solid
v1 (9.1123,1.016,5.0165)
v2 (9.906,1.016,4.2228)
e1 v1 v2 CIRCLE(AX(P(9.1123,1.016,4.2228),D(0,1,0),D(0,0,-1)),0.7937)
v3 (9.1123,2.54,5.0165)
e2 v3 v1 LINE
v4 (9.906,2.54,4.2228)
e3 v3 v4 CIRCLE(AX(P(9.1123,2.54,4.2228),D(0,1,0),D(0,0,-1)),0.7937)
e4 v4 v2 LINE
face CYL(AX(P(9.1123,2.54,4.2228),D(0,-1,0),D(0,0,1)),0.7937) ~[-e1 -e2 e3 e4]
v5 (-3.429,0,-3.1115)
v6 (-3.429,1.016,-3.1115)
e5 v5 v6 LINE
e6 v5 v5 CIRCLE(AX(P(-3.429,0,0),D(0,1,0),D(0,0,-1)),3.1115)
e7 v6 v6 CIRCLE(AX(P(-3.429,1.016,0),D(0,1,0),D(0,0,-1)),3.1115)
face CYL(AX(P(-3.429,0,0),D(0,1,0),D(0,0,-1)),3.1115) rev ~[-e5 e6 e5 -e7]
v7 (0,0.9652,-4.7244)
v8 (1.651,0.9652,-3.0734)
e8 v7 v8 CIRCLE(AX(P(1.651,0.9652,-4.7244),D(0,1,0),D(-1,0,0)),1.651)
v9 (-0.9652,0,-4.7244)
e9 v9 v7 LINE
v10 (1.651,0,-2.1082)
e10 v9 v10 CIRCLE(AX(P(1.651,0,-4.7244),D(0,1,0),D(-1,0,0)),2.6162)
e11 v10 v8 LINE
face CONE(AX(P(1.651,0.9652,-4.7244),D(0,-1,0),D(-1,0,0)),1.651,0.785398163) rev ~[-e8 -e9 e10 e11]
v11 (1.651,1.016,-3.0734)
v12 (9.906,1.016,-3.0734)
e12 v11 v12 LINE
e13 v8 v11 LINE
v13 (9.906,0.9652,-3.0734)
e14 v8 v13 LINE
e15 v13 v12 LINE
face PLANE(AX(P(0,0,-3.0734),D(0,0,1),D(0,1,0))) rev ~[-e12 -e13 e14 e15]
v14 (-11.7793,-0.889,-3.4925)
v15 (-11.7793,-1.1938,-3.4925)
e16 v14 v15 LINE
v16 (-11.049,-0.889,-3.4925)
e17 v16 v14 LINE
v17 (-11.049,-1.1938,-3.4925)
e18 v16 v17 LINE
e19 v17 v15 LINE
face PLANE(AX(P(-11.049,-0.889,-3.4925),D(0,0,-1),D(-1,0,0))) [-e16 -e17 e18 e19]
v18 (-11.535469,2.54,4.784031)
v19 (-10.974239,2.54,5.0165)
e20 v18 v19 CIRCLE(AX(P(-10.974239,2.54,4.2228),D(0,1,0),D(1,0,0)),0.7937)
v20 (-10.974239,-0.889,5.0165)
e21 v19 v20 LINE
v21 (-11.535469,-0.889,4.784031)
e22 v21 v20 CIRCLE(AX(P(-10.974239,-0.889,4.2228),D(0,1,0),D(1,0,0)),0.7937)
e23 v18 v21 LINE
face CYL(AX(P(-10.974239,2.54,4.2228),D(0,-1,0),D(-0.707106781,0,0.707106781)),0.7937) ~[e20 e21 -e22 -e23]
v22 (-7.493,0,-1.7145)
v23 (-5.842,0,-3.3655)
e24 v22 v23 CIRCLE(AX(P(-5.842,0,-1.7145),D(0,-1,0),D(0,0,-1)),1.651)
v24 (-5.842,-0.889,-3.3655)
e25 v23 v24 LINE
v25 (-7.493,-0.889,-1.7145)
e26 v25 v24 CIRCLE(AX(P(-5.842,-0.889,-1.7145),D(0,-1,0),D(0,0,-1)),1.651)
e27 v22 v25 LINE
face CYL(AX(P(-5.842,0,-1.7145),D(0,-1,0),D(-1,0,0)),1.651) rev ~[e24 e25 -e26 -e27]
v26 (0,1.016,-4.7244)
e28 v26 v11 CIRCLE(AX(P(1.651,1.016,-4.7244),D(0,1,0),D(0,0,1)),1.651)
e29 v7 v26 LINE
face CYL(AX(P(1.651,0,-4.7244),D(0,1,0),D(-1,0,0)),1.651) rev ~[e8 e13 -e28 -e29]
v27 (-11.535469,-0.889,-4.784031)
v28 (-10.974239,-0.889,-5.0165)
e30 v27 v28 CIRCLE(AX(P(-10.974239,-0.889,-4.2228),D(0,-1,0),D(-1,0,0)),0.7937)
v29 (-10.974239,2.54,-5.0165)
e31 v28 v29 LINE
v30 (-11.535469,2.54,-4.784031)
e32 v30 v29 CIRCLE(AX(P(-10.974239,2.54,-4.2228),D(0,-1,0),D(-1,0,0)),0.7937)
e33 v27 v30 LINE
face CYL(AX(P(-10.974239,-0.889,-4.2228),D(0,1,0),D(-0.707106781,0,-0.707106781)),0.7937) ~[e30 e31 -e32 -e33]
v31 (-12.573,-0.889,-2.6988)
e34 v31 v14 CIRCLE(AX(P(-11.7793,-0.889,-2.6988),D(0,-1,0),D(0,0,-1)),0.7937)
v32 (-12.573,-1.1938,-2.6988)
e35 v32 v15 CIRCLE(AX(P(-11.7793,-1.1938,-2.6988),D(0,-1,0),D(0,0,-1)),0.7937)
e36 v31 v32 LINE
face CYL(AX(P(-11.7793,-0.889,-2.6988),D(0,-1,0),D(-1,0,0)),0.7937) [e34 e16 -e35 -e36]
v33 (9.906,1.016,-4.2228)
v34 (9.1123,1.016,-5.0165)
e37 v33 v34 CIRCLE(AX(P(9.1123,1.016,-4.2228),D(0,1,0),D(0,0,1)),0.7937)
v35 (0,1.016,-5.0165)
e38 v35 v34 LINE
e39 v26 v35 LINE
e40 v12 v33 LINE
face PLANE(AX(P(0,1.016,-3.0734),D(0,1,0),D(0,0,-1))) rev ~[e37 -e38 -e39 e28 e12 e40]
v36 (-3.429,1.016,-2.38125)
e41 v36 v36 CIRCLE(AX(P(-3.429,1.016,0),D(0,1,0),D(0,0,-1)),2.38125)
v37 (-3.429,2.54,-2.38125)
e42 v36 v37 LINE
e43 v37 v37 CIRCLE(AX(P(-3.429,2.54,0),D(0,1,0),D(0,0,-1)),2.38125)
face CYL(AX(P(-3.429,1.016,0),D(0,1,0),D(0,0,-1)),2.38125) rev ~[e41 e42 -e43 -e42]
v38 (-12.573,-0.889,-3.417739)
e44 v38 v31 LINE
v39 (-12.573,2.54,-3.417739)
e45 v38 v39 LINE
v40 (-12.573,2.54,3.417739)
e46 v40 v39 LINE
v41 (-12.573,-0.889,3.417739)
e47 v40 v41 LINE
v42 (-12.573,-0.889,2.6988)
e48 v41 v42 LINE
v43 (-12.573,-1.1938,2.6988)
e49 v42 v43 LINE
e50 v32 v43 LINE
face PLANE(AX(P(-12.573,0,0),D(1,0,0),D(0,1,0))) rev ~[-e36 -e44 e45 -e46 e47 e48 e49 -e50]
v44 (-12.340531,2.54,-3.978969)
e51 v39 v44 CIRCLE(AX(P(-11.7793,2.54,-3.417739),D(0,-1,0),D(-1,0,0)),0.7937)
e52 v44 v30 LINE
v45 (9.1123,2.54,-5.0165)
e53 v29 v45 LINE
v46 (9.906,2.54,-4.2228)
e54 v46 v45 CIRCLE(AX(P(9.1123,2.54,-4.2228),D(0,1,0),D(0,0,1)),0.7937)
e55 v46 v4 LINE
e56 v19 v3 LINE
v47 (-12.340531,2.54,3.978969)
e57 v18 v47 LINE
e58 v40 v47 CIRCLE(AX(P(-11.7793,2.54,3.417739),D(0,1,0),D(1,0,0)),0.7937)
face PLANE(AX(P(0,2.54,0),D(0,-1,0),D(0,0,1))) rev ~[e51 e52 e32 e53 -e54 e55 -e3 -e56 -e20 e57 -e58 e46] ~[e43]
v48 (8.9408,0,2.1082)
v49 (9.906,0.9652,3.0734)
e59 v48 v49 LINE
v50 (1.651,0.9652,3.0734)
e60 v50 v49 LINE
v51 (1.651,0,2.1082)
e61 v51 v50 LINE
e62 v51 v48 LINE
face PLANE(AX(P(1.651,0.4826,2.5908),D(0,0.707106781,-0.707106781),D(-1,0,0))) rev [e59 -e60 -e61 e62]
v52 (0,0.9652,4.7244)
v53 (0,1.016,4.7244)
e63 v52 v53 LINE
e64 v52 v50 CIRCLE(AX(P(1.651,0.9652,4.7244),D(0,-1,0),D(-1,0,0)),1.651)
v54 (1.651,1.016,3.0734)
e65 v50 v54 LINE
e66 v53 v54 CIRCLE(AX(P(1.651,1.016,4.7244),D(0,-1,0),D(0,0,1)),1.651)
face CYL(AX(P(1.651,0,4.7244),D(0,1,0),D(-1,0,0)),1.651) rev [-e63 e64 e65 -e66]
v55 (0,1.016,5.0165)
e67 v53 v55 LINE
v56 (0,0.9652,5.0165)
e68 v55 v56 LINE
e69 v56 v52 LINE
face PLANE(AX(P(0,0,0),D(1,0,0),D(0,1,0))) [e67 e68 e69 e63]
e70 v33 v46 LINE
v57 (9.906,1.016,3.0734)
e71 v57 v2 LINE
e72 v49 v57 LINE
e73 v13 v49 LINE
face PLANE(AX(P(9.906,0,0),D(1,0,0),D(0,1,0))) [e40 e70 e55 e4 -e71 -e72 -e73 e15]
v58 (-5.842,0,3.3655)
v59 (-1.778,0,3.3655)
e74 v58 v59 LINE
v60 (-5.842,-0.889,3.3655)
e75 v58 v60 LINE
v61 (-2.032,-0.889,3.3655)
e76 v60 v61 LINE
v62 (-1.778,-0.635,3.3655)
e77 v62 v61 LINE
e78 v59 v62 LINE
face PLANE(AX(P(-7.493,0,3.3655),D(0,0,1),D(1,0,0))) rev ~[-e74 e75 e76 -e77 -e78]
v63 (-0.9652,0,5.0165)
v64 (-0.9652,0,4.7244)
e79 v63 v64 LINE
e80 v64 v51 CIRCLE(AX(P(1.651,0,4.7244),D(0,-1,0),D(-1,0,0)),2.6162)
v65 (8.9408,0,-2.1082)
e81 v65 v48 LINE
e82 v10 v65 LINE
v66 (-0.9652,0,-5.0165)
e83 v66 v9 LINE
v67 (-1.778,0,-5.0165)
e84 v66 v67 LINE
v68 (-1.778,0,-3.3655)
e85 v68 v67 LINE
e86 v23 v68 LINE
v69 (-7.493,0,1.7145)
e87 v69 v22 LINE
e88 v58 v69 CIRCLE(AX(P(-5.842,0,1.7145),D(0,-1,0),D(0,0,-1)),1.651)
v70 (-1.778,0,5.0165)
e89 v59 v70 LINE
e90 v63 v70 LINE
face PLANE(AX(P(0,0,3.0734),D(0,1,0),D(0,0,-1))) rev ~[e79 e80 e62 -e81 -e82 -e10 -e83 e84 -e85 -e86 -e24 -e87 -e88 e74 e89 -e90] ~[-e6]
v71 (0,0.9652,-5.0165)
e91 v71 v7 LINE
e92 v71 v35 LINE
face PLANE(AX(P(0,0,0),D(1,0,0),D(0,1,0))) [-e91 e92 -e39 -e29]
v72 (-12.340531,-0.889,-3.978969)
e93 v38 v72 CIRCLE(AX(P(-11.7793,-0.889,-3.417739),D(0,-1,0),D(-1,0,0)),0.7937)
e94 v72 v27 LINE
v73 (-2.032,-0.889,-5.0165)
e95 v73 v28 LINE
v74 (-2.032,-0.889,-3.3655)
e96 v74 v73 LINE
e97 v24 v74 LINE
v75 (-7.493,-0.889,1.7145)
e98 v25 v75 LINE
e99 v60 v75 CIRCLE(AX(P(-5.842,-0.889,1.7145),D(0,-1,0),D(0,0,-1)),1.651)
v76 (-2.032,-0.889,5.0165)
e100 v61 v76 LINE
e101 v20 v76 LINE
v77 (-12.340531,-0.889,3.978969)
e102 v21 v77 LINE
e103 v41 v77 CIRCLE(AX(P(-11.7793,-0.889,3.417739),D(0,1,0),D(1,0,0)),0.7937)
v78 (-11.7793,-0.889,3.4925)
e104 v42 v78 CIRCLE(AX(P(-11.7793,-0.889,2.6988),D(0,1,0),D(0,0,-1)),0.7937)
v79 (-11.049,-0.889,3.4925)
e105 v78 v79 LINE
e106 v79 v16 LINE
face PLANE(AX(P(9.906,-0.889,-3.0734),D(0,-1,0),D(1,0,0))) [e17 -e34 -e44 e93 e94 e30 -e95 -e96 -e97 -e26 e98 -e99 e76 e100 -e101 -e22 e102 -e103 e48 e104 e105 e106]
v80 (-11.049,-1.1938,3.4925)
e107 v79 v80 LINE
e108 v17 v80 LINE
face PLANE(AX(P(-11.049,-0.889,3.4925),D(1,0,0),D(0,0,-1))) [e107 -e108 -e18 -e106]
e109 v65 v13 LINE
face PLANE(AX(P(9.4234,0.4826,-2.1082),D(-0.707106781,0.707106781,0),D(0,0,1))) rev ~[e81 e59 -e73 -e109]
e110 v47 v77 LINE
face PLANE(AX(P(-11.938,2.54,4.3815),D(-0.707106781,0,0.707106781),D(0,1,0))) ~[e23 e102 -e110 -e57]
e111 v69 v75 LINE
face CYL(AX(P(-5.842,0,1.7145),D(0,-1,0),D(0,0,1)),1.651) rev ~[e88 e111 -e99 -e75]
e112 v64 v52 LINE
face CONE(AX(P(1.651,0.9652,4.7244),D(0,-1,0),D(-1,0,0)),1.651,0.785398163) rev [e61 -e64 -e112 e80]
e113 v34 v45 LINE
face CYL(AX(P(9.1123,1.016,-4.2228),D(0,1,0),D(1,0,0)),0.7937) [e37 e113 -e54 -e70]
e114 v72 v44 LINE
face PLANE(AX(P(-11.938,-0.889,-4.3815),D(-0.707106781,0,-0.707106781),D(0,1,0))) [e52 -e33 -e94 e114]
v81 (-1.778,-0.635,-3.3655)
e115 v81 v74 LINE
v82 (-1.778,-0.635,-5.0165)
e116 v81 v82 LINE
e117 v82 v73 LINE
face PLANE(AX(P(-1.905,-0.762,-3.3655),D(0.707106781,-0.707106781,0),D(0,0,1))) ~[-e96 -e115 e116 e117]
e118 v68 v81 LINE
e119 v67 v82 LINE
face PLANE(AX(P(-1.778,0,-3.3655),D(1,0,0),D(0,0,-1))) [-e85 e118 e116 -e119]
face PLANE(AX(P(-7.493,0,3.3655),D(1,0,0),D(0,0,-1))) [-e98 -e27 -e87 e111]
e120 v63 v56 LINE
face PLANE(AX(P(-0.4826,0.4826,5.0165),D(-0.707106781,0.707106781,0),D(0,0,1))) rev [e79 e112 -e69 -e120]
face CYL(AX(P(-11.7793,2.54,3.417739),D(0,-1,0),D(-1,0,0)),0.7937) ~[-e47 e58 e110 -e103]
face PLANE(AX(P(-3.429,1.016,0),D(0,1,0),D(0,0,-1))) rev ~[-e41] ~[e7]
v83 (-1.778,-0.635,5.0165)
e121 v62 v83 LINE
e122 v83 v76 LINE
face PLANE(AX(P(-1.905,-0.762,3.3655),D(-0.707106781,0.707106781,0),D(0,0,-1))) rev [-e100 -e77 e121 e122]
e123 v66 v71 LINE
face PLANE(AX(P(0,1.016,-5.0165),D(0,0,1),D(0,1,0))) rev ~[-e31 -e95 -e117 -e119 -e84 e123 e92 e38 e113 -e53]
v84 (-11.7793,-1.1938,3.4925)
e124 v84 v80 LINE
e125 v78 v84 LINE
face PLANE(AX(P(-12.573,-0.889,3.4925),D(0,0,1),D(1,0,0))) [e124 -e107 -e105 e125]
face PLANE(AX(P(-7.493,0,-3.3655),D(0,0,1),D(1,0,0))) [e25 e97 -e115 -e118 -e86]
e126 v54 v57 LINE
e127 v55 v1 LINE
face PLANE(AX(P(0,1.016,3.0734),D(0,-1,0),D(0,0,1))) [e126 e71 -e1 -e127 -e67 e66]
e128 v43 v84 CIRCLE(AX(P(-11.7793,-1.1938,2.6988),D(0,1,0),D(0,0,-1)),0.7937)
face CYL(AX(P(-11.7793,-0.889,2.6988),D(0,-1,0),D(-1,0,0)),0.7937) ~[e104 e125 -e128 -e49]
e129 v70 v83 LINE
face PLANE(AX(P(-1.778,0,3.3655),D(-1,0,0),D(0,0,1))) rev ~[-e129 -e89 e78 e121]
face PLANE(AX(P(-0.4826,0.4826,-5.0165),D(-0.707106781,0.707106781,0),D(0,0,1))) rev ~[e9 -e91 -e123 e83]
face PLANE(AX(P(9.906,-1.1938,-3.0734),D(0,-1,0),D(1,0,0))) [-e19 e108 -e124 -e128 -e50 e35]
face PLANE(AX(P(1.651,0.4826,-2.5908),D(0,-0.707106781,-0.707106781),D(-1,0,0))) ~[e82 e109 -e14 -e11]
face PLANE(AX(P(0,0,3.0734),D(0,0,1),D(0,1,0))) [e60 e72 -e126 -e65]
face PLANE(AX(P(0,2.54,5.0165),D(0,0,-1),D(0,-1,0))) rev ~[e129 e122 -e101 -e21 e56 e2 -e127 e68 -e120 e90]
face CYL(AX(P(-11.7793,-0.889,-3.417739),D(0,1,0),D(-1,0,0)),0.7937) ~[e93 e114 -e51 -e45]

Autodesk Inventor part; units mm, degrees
ref_plane "YZ Plane" through (0, 0, 0) normal (1, 0, 0) x (0, 1, 0)
ref_plane "XZ Plane" through (0, 0, 0) normal (0, 1, 0) x (-1, 0, 0)
ref_plane "XY Plane" through (0, 0, 0) normal (0, 0, 1) x (1, 0, 0)
sketch "Sketch1" plane through (0, 0, 0) normal (1, 0, 0) x (0, 1, 0)
  line L0 (-2.1432, 0) -> (4.5023, 0) projected
  line L1 (0, 7.0231) -> (0, -7.0231) projected
  line L2 (2.54, -5.0165) -> (2.54, 5.0165)
  line L3 (2.54, 5.0165) -> (0, 5.0165)
  line L4 (0, 5.0165) -> (0, -5.0165)
  line L5 (0, -5.0165) -> (2.54, -5.0165)
  line L6 (2.54, -5.0165) -> (0, 5.0165) construction
  line L7 (2.54, 5.0165) -> (0, -5.0165) construction
  line L8 (0, 3.0734) -> (1.016, 3.0734)
  line L9 (1.016, 3.0734) -> (1.016, 5.0165)
  line L10 (0, -3.0734) -> (1.016, -3.0734)
  line L11 (1.016, -3.0734) -> (1.016, -5.0165)
  line L12 (1.27, 0) -> (3.553, 0) construction
  point P0 (0, 0)
  dimension "d0" = 10.033
  dimension "d1" = 2.54
  dimension "d2" = 0
  dimension "d3" = 1.016
  dimension "d4" = 6.1468
  dimension "d5" = 1.9431
  dimension "d6" = 1.9431
extrude "Extrusion1" add sketch "Sketch1" along normal blind 9.906 contours L1 L8 L9 L3 L2 L0 | L0 L2 L5 L11 L10 L1
extrude "Extrusion2" add sketch "Sketch1" against normal blind 12.573
sketch "Sketch2" plane through (0, 0, 0) normal (0, 1, 0) x (-1, 0, 0)
  line L0 (-2.3558, 0) -> (14.1351, 0) projected
  line L1 (0, -4.445) -> (0, 4.445) projected
  point P0 (0, 0)
  point P1 (3.429, 0)
  dimension "d11" = 3.429
hole "Hole1" at (-3.429, 0, 0) direction (0, 1, 0) diameter 4.7625 end through all counterbore diameter 6.223 counterbore depth 1.016
sketch "Sketch3" plane through (9.906, 0, -3.0734) normal (0, -1, 0) x (1, 0, 0)
  line L0 (-22.479, 6.4389) -> (-17.399, 6.4389)
  line L1 (-17.399, 6.4389) -> (-17.399, -0.2921)
  line L2 (-17.399, -0.2921) -> (-22.479, -0.2921)
  line L3 (-22.479, -0.2921) -> (-22.479, 6.4389)
  line L4 (-34.3558, 3.0734) -> (5.726, 3.0734) projected
  line L5 (-9.906, 10.1016) -> (-9.906, -3.9802) projected
  line L6 (-9.906, 3.0734) -> (-28.6298, 3.0734) construction
  line L7 (-22.479, 8.0899) -> (0, 8.0899) projected
  line L8 (-22.479, 6.4389) -> (-11.684, 6.4389)
  line L9 (-11.684, 6.4389) -> (-11.684, 8.0899)
  line L10 (-11.684, 8.0899) -> (-22.479, 8.0899)
  line L11 (-22.479, 8.0899) -> (-22.479, 6.4389)
  line L12 (0, -1.9431) -> (-22.479, -1.9431) projected
  line L13 (-22.479, -0.2921) -> (-11.684, -0.2921)
  line L14 (-11.684, -0.2921) -> (-11.684, -1.9431)
  line L15 (-11.684, -1.9431) -> (-22.479, -1.9431)
  line L16 (-22.479, -1.9431) -> (-22.479, -0.2921)
  dimension "d22" = 5.08
  dimension "d30" = 6.731
  dimension "d45" = 10.795
  dimension "d46" = 10.795
extrude "Extrusion3" add sketch "Sketch3" along normal blind 0.889 contours L11 L7 L9 L8 L0 | L0 L1 L4 L3 | L4 L1 L2 L3 | L2 L13 L14 L12 L16
chamfer "Chamfer2" distance 0.254 angle 45 2 edges at (-1.778, -0.889, 4.191) (-1.778, -0.889, -4.191)
fillet "Fillet1" radius 0.7937 2 edges at (9.906, 1.778, 5.0165) (9.906, 1.778, -5.0165)
fillet "Fillet2" [suppressed]
sketch "Sketch4" plane through (0, 0, 0) normal (0, 1, 0) x (-1, 0, 0)
  circle A0 centre (3.429, 0) radius 2.3813 projected
  circle A1 centre (3.429, 0) radius 3.175
  point P0 (0, 0)
  dimension "d34" = 6.35
sketch "Sketch5" plane through (9.906, -0.889, -3.0734) normal (0, -1, 0) x (1, 0, 0)
  line L0 (-26.9748, 3.0734) -> (4.4958, 3.0734) projected
  line L1 (-9.906, 10.0965) -> (-9.906, -3.9497) projected
  line L2 (-22.479, 8.0899) -> (-22.479, -1.9431) projected
  line L3 (-20.955, -0.4191) -> (-22.479, -0.4191)
  line L4 (-22.479, -0.4191) -> (-22.479, 6.5659)
  line L5 (-22.479, 6.5659) -> (-20.955, 6.5659)
  line L6 (-20.955, 6.5659) -> (-20.955, -0.4191)
  line L7 (-20.955, -0.4191) -> (-22.479, 6.5659) construction
  line L8 (-22.479, -0.4191) -> (-20.955, 6.5659) construction
  point P0 (-9.906, 3.0734)
  point P1 (-21.717, 3.0734)
  dimension "d47" = 6.985
  dimension "d48" = 1.524
extrude "Extrusion4" add sketch "Sketch5" along normal blind 0.3048
chamfer "Chamfer4" distance 1.27 distance2 1.27 1 edges at (-12.573, 0.8255, -5.0165) measured on face at (-12.573, 1.397, 1.1642)
chamfer "Chamfer5" distance 1.27 distance2 1.27 1 edges at (-12.573, 0.8255, 5.0165) measured on face at (-9.0593, 0.254, 5.0165)
fillet "Fillet4" radius 0.7937 2 edges at (-12.573, -1.0414, -3.4925) (-12.573, -1.0414, 3.4925)
fillet "Fillet5" radius 0.7937 4 edges at (-12.573, 0.8255, 3.7465) (-11.303, 0.8255, 5.0165) (-12.573, 0.8255, -3.7465) (-11.303, 0.8255, -5.0165)
fillet "Fillet6" radius 1.651 4 edges at (0, 0.508, -3.0734) (0, 0.508, 3.0734) (-7.493, -0.4445, 3.3655) (-7.493, -0.4445, -3.3655)
sketch "Sketch6" plane through (0, 0, 0) normal (0, 0, 1) x (1, 0, 0)
  line L0 (-11.049, -1.1938) -> (-11.7793, -1.1938) projected
  line L1 (-11.049, -0.889) -> (-11.049, -1.1938) projected
  line L2 (-2.032, -0.889) -> (-10.9742, -0.889) projected
  line L3 (-11.049, -1.1938) -> (-2.032, -0.889)
  point P0 (0, 0)
  dimension "d51" = 1.936
chamfer "Chamfer6" distance 0.9652 angle 45 4 edges at (5.7785, 0, -3.0734) (0, 0, -4.8704) (5.7785, 0, 3.0734) (0, 0, 4.8704) measured on face at (7.1543, 0, 1.0245)
chamfer "Chamfer7" distance 0.9652 angle 45 1 edges at (9.906, 0, 0)
properties part number "J010513" material "STAINLESS STEEL, 303"
